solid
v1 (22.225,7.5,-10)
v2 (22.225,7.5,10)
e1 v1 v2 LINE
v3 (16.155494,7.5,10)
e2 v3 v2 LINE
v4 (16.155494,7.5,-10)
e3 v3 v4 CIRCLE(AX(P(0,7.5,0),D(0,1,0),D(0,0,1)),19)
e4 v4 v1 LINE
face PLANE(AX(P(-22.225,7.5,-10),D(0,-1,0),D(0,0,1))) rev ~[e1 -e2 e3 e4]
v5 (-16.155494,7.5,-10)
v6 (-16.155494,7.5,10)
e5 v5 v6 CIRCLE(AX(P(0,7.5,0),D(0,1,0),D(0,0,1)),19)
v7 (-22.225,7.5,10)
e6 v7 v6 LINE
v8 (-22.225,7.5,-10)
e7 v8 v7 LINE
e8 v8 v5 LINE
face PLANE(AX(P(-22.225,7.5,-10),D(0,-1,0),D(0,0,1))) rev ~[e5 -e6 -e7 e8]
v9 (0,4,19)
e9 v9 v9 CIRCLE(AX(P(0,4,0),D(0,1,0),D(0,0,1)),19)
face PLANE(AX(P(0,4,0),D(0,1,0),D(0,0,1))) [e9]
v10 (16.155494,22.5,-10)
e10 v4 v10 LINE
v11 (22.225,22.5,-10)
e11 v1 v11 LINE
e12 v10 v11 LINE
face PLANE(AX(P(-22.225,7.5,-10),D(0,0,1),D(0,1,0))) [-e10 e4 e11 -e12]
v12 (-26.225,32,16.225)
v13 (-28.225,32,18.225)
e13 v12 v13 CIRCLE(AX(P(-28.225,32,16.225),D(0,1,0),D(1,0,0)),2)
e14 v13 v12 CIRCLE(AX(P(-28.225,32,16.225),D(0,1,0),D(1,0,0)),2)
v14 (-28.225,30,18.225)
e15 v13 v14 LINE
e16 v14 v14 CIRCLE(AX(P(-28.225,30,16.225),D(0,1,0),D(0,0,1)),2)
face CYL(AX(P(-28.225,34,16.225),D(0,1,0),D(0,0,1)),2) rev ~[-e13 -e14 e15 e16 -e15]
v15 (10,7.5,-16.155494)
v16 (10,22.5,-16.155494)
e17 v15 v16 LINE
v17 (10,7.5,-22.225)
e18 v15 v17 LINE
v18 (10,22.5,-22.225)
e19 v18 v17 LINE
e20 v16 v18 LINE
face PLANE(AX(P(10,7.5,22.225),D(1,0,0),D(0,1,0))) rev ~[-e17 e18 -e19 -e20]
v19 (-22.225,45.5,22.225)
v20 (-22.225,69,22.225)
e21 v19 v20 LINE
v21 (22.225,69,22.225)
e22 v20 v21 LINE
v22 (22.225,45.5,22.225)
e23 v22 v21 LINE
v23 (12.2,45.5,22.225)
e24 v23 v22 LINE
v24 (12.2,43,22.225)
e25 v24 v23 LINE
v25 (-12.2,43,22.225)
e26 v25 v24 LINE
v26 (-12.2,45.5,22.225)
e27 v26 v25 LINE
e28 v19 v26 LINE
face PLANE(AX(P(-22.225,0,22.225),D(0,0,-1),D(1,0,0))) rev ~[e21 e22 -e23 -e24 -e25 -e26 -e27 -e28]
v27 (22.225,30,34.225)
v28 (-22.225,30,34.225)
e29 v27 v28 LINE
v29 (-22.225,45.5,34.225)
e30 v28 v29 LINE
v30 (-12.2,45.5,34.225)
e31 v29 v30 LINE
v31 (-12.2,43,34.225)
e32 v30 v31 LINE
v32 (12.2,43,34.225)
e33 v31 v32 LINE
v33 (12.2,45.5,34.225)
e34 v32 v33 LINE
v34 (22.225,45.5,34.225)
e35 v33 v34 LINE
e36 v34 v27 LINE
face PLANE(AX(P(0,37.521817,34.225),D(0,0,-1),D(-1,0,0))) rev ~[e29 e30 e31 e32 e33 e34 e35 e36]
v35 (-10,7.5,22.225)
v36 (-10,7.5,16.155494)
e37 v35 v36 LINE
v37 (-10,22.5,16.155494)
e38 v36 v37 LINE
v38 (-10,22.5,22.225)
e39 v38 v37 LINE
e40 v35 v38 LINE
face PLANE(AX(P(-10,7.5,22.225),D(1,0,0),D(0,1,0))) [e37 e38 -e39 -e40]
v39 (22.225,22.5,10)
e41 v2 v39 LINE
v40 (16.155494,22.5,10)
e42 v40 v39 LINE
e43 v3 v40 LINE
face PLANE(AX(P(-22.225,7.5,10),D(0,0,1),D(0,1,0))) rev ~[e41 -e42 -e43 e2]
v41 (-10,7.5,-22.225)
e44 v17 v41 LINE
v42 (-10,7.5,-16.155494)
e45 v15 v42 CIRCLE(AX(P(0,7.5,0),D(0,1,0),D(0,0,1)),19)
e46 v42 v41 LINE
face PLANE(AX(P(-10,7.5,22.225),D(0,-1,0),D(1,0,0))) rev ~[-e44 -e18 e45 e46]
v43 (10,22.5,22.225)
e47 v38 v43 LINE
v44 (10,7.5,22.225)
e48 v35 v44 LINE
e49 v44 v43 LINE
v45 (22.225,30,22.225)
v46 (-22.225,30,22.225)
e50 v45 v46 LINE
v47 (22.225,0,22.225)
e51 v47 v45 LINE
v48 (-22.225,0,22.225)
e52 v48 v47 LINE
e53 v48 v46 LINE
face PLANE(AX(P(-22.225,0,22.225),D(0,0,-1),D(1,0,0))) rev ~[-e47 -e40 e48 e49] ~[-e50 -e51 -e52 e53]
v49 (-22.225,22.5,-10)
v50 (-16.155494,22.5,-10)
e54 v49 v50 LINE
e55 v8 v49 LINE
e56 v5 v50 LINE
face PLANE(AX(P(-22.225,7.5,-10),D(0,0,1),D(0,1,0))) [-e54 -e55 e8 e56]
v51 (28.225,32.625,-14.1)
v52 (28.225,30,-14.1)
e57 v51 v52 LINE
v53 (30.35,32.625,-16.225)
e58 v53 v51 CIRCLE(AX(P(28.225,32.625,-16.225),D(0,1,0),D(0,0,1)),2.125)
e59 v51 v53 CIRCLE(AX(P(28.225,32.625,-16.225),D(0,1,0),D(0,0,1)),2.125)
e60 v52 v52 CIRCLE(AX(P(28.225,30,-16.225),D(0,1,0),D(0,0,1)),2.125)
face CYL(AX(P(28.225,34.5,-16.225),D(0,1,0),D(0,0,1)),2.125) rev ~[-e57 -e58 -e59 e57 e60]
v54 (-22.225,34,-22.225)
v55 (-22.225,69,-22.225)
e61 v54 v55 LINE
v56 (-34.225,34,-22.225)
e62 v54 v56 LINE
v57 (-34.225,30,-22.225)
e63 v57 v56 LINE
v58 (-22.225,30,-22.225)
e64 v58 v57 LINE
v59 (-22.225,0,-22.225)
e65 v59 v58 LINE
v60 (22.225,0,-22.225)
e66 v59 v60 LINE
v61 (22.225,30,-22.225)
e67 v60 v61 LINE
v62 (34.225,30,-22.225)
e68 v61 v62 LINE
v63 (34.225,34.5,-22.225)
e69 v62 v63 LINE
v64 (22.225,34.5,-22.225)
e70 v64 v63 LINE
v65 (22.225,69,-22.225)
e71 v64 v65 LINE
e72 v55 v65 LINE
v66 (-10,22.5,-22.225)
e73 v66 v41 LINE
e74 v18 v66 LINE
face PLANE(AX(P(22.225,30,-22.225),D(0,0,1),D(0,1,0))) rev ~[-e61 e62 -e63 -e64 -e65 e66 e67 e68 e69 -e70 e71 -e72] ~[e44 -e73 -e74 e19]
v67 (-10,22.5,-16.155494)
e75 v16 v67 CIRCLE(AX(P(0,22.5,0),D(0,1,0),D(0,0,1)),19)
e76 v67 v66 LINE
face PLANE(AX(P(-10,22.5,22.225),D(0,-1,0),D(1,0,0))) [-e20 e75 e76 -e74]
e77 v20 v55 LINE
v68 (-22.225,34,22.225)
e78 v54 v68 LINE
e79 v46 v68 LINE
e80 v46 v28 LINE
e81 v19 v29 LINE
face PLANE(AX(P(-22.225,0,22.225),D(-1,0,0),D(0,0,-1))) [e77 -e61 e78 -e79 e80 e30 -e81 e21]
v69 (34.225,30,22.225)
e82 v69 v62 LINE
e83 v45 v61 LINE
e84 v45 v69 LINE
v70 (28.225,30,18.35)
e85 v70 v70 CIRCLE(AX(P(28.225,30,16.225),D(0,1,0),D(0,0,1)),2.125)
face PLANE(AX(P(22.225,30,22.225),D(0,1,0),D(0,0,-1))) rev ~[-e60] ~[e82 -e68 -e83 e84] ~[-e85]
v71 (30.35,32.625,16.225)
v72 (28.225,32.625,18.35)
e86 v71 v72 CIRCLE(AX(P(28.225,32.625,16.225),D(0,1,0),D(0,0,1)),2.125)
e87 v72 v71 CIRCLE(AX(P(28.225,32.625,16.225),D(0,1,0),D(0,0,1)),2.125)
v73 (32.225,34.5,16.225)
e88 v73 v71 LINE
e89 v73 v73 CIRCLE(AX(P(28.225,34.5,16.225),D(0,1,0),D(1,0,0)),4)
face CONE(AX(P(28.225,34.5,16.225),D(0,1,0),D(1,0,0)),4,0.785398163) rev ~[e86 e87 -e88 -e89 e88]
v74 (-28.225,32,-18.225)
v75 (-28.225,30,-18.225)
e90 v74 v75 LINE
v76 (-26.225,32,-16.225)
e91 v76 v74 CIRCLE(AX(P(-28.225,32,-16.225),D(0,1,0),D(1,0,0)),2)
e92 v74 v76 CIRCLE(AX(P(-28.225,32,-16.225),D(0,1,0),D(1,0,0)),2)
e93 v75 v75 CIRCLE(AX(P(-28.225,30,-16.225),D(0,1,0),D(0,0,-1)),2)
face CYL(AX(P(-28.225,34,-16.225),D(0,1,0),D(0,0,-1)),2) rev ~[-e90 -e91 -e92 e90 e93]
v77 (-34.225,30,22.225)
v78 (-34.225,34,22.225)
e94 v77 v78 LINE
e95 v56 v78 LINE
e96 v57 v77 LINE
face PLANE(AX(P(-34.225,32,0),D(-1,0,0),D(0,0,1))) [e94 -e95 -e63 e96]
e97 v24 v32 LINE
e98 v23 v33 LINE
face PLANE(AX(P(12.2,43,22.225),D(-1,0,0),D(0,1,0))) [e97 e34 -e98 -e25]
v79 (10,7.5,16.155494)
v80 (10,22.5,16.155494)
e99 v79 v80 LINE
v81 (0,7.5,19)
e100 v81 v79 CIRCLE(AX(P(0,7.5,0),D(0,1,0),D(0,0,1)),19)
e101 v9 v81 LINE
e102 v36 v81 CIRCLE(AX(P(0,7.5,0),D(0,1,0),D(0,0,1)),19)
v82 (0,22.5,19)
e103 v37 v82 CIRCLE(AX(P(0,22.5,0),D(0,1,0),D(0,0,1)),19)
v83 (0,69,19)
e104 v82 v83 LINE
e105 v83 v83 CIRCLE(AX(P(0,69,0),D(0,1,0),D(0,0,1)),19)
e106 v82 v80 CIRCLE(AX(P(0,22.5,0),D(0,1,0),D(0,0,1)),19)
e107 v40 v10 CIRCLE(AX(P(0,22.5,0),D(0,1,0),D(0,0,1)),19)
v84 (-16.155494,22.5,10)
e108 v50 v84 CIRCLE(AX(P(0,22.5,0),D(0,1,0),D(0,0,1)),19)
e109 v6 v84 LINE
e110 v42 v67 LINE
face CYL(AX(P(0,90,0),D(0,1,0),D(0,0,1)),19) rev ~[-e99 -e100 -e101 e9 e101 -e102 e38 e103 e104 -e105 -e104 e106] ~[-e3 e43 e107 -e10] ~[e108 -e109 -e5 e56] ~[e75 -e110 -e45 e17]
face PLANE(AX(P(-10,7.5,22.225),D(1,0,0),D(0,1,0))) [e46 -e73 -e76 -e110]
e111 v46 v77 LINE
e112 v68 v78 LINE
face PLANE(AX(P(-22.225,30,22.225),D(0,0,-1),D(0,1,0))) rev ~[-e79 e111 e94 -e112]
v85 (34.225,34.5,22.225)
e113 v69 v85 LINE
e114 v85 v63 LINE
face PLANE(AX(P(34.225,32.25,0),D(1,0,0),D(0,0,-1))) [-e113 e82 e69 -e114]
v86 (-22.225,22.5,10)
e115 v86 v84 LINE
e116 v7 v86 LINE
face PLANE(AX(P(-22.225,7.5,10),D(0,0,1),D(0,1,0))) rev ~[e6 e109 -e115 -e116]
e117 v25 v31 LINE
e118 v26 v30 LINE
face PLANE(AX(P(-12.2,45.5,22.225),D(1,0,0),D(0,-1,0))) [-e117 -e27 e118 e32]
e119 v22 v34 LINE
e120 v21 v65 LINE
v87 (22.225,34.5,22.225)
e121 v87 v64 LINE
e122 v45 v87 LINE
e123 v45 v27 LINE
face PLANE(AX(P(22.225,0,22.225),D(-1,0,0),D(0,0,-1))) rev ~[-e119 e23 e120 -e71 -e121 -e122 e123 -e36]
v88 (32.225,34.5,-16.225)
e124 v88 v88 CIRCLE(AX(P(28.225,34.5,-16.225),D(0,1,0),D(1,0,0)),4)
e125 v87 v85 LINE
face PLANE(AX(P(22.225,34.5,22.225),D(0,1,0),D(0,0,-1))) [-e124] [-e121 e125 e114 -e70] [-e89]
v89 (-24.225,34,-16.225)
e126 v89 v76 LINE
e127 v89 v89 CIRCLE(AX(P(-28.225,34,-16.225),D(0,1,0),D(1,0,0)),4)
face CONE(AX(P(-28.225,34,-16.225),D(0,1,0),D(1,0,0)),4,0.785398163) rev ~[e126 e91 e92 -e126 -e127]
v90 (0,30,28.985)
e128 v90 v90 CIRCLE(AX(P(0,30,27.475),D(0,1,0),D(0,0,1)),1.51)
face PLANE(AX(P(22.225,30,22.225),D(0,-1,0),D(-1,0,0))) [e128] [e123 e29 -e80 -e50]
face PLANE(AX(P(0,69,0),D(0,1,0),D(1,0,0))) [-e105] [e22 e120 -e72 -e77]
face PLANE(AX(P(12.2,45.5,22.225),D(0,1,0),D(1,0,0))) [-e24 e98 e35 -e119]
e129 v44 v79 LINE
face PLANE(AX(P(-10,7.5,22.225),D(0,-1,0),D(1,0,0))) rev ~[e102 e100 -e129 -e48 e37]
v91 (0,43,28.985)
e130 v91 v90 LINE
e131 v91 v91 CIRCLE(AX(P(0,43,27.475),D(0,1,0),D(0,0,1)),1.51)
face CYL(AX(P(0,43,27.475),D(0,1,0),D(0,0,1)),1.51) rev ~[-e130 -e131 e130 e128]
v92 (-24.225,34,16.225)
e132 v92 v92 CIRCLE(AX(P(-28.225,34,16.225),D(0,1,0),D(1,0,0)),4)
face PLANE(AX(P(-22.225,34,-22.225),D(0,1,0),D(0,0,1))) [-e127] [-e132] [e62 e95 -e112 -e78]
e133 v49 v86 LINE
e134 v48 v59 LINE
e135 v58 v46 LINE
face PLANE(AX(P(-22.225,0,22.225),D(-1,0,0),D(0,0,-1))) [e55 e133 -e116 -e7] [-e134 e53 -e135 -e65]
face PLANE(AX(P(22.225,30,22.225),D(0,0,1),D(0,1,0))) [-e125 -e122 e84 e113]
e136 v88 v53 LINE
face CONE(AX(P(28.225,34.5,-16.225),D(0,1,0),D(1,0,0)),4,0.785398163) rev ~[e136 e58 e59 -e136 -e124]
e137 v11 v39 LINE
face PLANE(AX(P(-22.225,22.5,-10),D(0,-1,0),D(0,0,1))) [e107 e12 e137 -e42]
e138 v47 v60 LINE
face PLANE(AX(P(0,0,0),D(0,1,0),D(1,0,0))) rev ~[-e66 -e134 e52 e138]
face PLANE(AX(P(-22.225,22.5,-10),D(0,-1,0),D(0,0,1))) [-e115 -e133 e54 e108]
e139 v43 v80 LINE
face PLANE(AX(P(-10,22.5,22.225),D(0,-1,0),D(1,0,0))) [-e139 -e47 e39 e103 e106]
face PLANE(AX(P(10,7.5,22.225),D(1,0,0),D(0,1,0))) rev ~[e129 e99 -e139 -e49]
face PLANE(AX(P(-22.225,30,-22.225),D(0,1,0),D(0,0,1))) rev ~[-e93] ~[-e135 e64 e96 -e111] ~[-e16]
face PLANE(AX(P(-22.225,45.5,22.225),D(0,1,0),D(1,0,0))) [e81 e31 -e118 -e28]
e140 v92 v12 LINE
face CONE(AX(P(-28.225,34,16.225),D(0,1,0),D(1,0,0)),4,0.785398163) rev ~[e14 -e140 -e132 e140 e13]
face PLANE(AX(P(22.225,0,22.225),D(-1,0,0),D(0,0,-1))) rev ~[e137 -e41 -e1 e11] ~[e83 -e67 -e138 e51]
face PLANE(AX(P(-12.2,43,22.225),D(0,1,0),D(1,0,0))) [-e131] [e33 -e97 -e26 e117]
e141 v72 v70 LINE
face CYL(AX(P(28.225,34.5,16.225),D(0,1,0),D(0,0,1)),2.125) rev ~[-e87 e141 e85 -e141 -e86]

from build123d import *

# Parameters (mm, degrees)
SKETCH1_W                     = 44.45
SKETCH1_H                     = 44.45
BOSS_EXTRUDE1_DEPTH           = 90
SKETCH2_R                     = 19
CUT_EXTRUDE1_DEPTH            = 45
SKETCH3_R                     = 19
CUT_EXTRUDE2_DEPTH            = 41
SKETCH4_W                     = 44.45
SKETCH4_H                     = 44.45
CUT_EXTRUDE3_DEPTH            = 21
SKETCH6_W                     = 20
SKETCH6_H                     = 15
CUT_EXTRUDE4_DEPTH            = 86.033835178
SKETCH8_W                     = 20
SKETCH8_H                     = 15
CUT_EXTRUDE5_DEPTH            = 86.033835178
BOSS_EXTRUDE2_DEPTH           = 12
SKETCH20_R                    = 1.51
CUT_EXTRUDE6_DEPTH            = 13
SKETCH21_W                    = 44.45
SKETCH21_H                    = 4
BOSS_EXTRUDE4_DEPTH           = 12
SKETCH22_R                    = 4
CUT_EXTRUDE11_DEPTH           = 2
CUT_EXTRUDE11_DRAFT           = -45
CUT_EXTRUDE11_PROFILE_2_DEPTH = 2
CUT_EXTRUDE11_PROFILE_2_DRAFT = -45
CUT_EXTRUDE11_PROFILE_3_DEPTH = 2
CUT_EXTRUDE11_PROFILE_3_DRAFT = -45
CUT_EXTRUDE11_PROFILE_4_DEPTH = 2
CUT_EXTRUDE11_PROFILE_4_DRAFT = -45
SKETCH23_R                    = 2
CUT_EXTRUDE12_DEPTH           = 12
SKETCH24_W                    = 44.45
SKETCH24_H                    = 4.5
BOSS_EXTRUDE5_DEPTH           = 12
SKETCH25_R                    = 4
CUT_EXTRUDE13_DEPTH           = 2
CUT_EXTRUDE13_DRAFT           = -45
CUT_EXTRUDE13_PROFILE_2_DEPTH = 2
CUT_EXTRUDE13_PROFILE_2_DRAFT = -45
SKETCH26_R                    = 2.125
CUT_EXTRUDE14_DEPTH           = 12


with BuildPart() as part:
    # Sketch1 → Boss-Extrude1 (new body)
    with BuildSketch(Plane(origin=(0, 0, 0), x_dir=(1, 0, 0), z_dir=(0, 1, 0))):
        Rectangle(SKETCH1_W, SKETCH1_H)
    extrude(amount=BOSS_EXTRUDE1_DEPTH)

    # Sketch2 → Cut-Extrude1 (cut)
    with BuildSketch(Plane(origin=(0, 90, 0), x_dir=(1, 0, 0), z_dir=(0, 1, 0))):
        with Locations(Location((0, 0, 0), (0, 0, 270))):
            Circle(SKETCH2_R)
    extrude(amount=-CUT_EXTRUDE1_DEPTH, mode=Mode.SUBTRACT)

    # Sketch3 → Cut-Extrude2 (cut)
    with BuildSketch(Plane(origin=(0, 45, 0), x_dir=(1, 0, 0), z_dir=(0, 1, 0))):
        with Locations(Location((0, 0, 0), (0, 0, 270))):
            Circle(SKETCH3_R)
    extrude(amount=-CUT_EXTRUDE2_DEPTH, mode=Mode.SUBTRACT)

    # Sketch4 → Cut-Extrude3 (cut)
    with BuildSketch(Plane(origin=(0, 90, 0), x_dir=(1, 0, 0), z_dir=(0, 1, 0))):
        Rectangle(SKETCH4_W, SKETCH4_H)
    extrude(amount=-CUT_EXTRUDE3_DEPTH, mode=Mode.SUBTRACT)

    # Sketch6 → Cut-Extrude4 (cut, through all)
    with BuildSketch(Plane.XY.offset(22.225)):
        with Locations((0, 15)):
            Rectangle(SKETCH6_W, SKETCH6_H)
    extrude(amount=-CUT_EXTRUDE4_DEPTH, mode=Mode.SUBTRACT)

    # Sketch8 → Cut-Extrude5 (cut, through all)
    with BuildSketch(Plane.ZY.offset(22.225)):
        with Locations((0, 15)):
            Rectangle(SKETCH8_W, SKETCH8_H)
    extrude(amount=-CUT_EXTRUDE5_DEPTH, mode=Mode.SUBTRACT)

    # Sketch18 → Boss-Extrude2 (add)
    with BuildSketch(Plane.XY.offset(22.225)):
        Polygon((12.2, 45.5), (22.225, 45.5), (22.225, 30), (-22.225, 30), (-22.225, 45.5), (-12.2, 45.5), (-12.2, 43), (12.2, 43), align=None)
    extrude(amount=BOSS_EXTRUDE2_DEPTH)

    # Sketch20 → Cut-Extrude6 (cut)
    with BuildSketch(Plane(origin=(0, 43, 0), x_dir=(1, 0, 0), z_dir=(0, 1, 0))):
        with Locations(Location((0, -27.475, 0), (0, 0, 270))):
            Circle(SKETCH20_R)
    extrude(amount=-CUT_EXTRUDE6_DEPTH, mode=Mode.SUBTRACT)

    # Sketch21 → Boss-Extrude4 (add)
    with BuildSketch(Plane.ZY.offset(22.225)):
        with Locations((0, 32)):
            Rectangle(SKETCH21_W, SKETCH21_H)
    extrude(amount=BOSS_EXTRUDE4_DEPTH)


with BuildPart() as cut_extrude11_tool:
    # Sketch22 → Cut-Extrude11 (with draft: the straight prism first)
    with BuildSketch(Plane(origin=(0, 34, 0), x_dir=(1, 0, 0), z_dir=(0, 1, 0))):
        with Locations((-28.225, -16.225)):
            Circle(SKETCH22_R)
    extrude(amount=-CUT_EXTRUDE11_DEPTH)
    # Cut-Extrude11: the draft: its side faces are tilted about the plane it starts from
    cut_extrude11_sides = [cut_extrude11_tool.faces().sort_by_distance(p)[0] for p in [
        (-32.225, 33, 16.225),
    ]]
    draft(cut_extrude11_sides, Plane(origin=(0, 34, 0), x_dir=(1, 0, 0), z_dir=(0, 1, 0)), CUT_EXTRUDE11_DRAFT)


with BuildPart() as part_1:
    add(part.part)

    # Cut-Extrude11: cut by cut_extrude11_tool
    add(cut_extrude11_tool.part, mode=Mode.SUBTRACT)


with BuildPart() as cut_extrude11_profile_2_tool:
    # Sketch22 → Cut-Extrude11 profile 2 (with draft: the straight prism first)
    with BuildSketch(Plane(origin=(0, 34, 0), x_dir=(1, 0, 0), z_dir=(0, 1, 0))):
        with Locations((-28.225, 16.225)):
            Circle(SKETCH22_R)
    extrude(amount=-CUT_EXTRUDE11_PROFILE_2_DEPTH)
    # Cut-Extrude11 profile 2: the draft: its side faces are tilted about the plane it starts from
    cut_extrude11_profile_2_sides = [cut_extrude11_profile_2_tool.faces().sort_by_distance(p)[0] for p in [
        (-32.225, 33, -16.225),
    ]]
    draft(cut_extrude11_profile_2_sides, Plane(origin=(0, 34, 0), x_dir=(1, 0, 0), z_dir=(0, 1, 0)), CUT_EXTRUDE11_PROFILE_2_DRAFT)


with BuildPart() as part_2:
    add(part_1.part)

    # Cut-Extrude11 profile 2: cut by cut_extrude11_profile_2_tool
    add(cut_extrude11_profile_2_tool.part, mode=Mode.SUBTRACT)


with BuildPart() as cut_extrude11_profile_3_tool:
    # Sketch22 → Cut-Extrude11 profile 3 (with draft: the straight prism first)
    with BuildSketch(Plane(origin=(0, 34, 0), x_dir=(1, 0, 0), z_dir=(0, 1, 0))):
        with Locations((28.225, -16.225)):
            Circle(SKETCH22_R)
    extrude(amount=-CUT_EXTRUDE11_PROFILE_3_DEPTH)
    # Cut-Extrude11 profile 3: the draft: its side faces are tilted about the plane it starts from
    cut_extrude11_profile_3_sides = [cut_extrude11_profile_3_tool.faces().sort_by_distance(p)[0] for p in [
        (24.225, 33, 16.225),
    ]]
    draft(cut_extrude11_profile_3_sides, Plane(origin=(0, 34, 0), x_dir=(1, 0, 0), z_dir=(0, 1, 0)), CUT_EXTRUDE11_PROFILE_3_DRAFT)


with BuildPart() as part_3:
    add(part_2.part)

    # Cut-Extrude11 profile 3: cut by cut_extrude11_profile_3_tool
    add(cut_extrude11_profile_3_tool.part, mode=Mode.SUBTRACT)


with BuildPart() as cut_extrude11_profile_4_tool:
    # Sketch22 → Cut-Extrude11 profile 4 (with draft: the straight prism first)
    with BuildSketch(Plane(origin=(0, 34, 0), x_dir=(1, 0, 0), z_dir=(0, 1, 0))):
        with Locations((28.225, 16.225)):
            Circle(SKETCH22_R)
    extrude(amount=-CUT_EXTRUDE11_PROFILE_4_DEPTH)
    # Cut-Extrude11 profile 4: the draft: its side faces are tilted about the plane it starts from
    cut_extrude11_profile_4_sides = [cut_extrude11_profile_4_tool.faces().sort_by_distance(p)[0] for p in [
        (24.225, 33, -16.225),
    ]]
    draft(cut_extrude11_profile_4_sides, Plane(origin=(0, 34, 0), x_dir=(1, 0, 0), z_dir=(0, 1, 0)), CUT_EXTRUDE11_PROFILE_4_DRAFT)


with BuildPart() as part_4:
    add(part_3.part)

    # Cut-Extrude11 profile 4: cut by cut_extrude11_profile_4_tool
    add(cut_extrude11_profile_4_tool.part, mode=Mode.SUBTRACT)

    # Sketch23 → Cut-Extrude12 (cut)
    with BuildSketch(Plane(origin=(0, 34, 0), x_dir=(1, 0, 0), z_dir=(0, 1, 0))):
        with Locations(Location((-28.225, -16.225, 0), (0, 0, 270))):
            Circle(SKETCH23_R)
        with Locations(Location((-28.225, 16.225, 0), (0, 0, 90))):
            Circle(SKETCH23_R)
    extrude(amount=-CUT_EXTRUDE12_DEPTH, mode=Mode.SUBTRACT)

    # Sketch24 → Boss-Extrude5 (add)
    with BuildSketch(Plane(origin=(22.225, 0, 0), x_dir=(0, 0, -1), z_dir=(1, 0, 0))):
        with Locations((0, 32.25)):
            Rectangle(SKETCH24_W, SKETCH24_H)
    extrude(amount=BOSS_EXTRUDE5_DEPTH)


with BuildPart() as cut_extrude13_tool:
    # Sketch25 → Cut-Extrude13 (with draft: the straight prism first)
    with BuildSketch(Plane(origin=(0, 34.5, 0), x_dir=(1, 0, 0), z_dir=(0, 1, 0))):
        with Locations((28.225, 16.225)):
            Circle(SKETCH25_R)
    extrude(amount=-CUT_EXTRUDE13_DEPTH)
    # Cut-Extrude13: the draft: its side faces are tilted about the plane it starts from
    cut_extrude13_sides = [cut_extrude13_tool.faces().sort_by_distance(p)[0] for p in [
        (24.225, 33.5, -16.225),
    ]]
    draft(cut_extrude13_sides, Plane(origin=(0, 34.5, 0), x_dir=(1, 0, 0), z_dir=(0, 1, 0)), CUT_EXTRUDE13_DRAFT)


with BuildPart() as part_5:
    add(part_4.part)

    # Cut-Extrude13: cut by cut_extrude13_tool
    add(cut_extrude13_tool.part, mode=Mode.SUBTRACT)


with BuildPart() as cut_extrude13_profile_2_tool:
    # Sketch25 → Cut-Extrude13 profile 2 (with draft: the straight prism first)
    with BuildSketch(Plane(origin=(0, 34.5, 0), x_dir=(1, 0, 0), z_dir=(0, 1, 0))):
        with Locations((28.225, -16.225)):
            Circle(SKETCH25_R)
    extrude(amount=-CUT_EXTRUDE13_PROFILE_2_DEPTH)
    # Cut-Extrude13 profile 2: the draft: its side faces are tilted about the plane it starts from
    cut_extrude13_profile_2_sides = [cut_extrude13_profile_2_tool.faces().sort_by_distance(p)[0] for p in [
        (24.225, 33.5, 16.225),
    ]]
    draft(cut_extrude13_profile_2_sides, Plane(origin=(0, 34.5, 0), x_dir=(1, 0, 0), z_dir=(0, 1, 0)), CUT_EXTRUDE13_PROFILE_2_DRAFT)


with BuildPart() as part_6:
    add(part_5.part)

    # Cut-Extrude13 profile 2: cut by cut_extrude13_profile_2_tool
    add(cut_extrude13_profile_2_tool.part, mode=Mode.SUBTRACT)

    # Sketch26 → Cut-Extrude14 (cut)
    with BuildSketch(Plane(origin=(0, 34.5, 0), x_dir=(1, 0, 0), z_dir=(0, 1, 0))):
        with Locations(Location((28.225, 16.225, 0), (0, 0, 270))):
            Circle(SKETCH26_R)
        with Locations(Location((28.225, -16.225, 0), (0, 0, 270))):
            Circle(SKETCH26_R)
    extrude(amount=-CUT_EXTRUDE14_DEPTH, mode=Mode.SUBTRACT)


solid = part_6.part
